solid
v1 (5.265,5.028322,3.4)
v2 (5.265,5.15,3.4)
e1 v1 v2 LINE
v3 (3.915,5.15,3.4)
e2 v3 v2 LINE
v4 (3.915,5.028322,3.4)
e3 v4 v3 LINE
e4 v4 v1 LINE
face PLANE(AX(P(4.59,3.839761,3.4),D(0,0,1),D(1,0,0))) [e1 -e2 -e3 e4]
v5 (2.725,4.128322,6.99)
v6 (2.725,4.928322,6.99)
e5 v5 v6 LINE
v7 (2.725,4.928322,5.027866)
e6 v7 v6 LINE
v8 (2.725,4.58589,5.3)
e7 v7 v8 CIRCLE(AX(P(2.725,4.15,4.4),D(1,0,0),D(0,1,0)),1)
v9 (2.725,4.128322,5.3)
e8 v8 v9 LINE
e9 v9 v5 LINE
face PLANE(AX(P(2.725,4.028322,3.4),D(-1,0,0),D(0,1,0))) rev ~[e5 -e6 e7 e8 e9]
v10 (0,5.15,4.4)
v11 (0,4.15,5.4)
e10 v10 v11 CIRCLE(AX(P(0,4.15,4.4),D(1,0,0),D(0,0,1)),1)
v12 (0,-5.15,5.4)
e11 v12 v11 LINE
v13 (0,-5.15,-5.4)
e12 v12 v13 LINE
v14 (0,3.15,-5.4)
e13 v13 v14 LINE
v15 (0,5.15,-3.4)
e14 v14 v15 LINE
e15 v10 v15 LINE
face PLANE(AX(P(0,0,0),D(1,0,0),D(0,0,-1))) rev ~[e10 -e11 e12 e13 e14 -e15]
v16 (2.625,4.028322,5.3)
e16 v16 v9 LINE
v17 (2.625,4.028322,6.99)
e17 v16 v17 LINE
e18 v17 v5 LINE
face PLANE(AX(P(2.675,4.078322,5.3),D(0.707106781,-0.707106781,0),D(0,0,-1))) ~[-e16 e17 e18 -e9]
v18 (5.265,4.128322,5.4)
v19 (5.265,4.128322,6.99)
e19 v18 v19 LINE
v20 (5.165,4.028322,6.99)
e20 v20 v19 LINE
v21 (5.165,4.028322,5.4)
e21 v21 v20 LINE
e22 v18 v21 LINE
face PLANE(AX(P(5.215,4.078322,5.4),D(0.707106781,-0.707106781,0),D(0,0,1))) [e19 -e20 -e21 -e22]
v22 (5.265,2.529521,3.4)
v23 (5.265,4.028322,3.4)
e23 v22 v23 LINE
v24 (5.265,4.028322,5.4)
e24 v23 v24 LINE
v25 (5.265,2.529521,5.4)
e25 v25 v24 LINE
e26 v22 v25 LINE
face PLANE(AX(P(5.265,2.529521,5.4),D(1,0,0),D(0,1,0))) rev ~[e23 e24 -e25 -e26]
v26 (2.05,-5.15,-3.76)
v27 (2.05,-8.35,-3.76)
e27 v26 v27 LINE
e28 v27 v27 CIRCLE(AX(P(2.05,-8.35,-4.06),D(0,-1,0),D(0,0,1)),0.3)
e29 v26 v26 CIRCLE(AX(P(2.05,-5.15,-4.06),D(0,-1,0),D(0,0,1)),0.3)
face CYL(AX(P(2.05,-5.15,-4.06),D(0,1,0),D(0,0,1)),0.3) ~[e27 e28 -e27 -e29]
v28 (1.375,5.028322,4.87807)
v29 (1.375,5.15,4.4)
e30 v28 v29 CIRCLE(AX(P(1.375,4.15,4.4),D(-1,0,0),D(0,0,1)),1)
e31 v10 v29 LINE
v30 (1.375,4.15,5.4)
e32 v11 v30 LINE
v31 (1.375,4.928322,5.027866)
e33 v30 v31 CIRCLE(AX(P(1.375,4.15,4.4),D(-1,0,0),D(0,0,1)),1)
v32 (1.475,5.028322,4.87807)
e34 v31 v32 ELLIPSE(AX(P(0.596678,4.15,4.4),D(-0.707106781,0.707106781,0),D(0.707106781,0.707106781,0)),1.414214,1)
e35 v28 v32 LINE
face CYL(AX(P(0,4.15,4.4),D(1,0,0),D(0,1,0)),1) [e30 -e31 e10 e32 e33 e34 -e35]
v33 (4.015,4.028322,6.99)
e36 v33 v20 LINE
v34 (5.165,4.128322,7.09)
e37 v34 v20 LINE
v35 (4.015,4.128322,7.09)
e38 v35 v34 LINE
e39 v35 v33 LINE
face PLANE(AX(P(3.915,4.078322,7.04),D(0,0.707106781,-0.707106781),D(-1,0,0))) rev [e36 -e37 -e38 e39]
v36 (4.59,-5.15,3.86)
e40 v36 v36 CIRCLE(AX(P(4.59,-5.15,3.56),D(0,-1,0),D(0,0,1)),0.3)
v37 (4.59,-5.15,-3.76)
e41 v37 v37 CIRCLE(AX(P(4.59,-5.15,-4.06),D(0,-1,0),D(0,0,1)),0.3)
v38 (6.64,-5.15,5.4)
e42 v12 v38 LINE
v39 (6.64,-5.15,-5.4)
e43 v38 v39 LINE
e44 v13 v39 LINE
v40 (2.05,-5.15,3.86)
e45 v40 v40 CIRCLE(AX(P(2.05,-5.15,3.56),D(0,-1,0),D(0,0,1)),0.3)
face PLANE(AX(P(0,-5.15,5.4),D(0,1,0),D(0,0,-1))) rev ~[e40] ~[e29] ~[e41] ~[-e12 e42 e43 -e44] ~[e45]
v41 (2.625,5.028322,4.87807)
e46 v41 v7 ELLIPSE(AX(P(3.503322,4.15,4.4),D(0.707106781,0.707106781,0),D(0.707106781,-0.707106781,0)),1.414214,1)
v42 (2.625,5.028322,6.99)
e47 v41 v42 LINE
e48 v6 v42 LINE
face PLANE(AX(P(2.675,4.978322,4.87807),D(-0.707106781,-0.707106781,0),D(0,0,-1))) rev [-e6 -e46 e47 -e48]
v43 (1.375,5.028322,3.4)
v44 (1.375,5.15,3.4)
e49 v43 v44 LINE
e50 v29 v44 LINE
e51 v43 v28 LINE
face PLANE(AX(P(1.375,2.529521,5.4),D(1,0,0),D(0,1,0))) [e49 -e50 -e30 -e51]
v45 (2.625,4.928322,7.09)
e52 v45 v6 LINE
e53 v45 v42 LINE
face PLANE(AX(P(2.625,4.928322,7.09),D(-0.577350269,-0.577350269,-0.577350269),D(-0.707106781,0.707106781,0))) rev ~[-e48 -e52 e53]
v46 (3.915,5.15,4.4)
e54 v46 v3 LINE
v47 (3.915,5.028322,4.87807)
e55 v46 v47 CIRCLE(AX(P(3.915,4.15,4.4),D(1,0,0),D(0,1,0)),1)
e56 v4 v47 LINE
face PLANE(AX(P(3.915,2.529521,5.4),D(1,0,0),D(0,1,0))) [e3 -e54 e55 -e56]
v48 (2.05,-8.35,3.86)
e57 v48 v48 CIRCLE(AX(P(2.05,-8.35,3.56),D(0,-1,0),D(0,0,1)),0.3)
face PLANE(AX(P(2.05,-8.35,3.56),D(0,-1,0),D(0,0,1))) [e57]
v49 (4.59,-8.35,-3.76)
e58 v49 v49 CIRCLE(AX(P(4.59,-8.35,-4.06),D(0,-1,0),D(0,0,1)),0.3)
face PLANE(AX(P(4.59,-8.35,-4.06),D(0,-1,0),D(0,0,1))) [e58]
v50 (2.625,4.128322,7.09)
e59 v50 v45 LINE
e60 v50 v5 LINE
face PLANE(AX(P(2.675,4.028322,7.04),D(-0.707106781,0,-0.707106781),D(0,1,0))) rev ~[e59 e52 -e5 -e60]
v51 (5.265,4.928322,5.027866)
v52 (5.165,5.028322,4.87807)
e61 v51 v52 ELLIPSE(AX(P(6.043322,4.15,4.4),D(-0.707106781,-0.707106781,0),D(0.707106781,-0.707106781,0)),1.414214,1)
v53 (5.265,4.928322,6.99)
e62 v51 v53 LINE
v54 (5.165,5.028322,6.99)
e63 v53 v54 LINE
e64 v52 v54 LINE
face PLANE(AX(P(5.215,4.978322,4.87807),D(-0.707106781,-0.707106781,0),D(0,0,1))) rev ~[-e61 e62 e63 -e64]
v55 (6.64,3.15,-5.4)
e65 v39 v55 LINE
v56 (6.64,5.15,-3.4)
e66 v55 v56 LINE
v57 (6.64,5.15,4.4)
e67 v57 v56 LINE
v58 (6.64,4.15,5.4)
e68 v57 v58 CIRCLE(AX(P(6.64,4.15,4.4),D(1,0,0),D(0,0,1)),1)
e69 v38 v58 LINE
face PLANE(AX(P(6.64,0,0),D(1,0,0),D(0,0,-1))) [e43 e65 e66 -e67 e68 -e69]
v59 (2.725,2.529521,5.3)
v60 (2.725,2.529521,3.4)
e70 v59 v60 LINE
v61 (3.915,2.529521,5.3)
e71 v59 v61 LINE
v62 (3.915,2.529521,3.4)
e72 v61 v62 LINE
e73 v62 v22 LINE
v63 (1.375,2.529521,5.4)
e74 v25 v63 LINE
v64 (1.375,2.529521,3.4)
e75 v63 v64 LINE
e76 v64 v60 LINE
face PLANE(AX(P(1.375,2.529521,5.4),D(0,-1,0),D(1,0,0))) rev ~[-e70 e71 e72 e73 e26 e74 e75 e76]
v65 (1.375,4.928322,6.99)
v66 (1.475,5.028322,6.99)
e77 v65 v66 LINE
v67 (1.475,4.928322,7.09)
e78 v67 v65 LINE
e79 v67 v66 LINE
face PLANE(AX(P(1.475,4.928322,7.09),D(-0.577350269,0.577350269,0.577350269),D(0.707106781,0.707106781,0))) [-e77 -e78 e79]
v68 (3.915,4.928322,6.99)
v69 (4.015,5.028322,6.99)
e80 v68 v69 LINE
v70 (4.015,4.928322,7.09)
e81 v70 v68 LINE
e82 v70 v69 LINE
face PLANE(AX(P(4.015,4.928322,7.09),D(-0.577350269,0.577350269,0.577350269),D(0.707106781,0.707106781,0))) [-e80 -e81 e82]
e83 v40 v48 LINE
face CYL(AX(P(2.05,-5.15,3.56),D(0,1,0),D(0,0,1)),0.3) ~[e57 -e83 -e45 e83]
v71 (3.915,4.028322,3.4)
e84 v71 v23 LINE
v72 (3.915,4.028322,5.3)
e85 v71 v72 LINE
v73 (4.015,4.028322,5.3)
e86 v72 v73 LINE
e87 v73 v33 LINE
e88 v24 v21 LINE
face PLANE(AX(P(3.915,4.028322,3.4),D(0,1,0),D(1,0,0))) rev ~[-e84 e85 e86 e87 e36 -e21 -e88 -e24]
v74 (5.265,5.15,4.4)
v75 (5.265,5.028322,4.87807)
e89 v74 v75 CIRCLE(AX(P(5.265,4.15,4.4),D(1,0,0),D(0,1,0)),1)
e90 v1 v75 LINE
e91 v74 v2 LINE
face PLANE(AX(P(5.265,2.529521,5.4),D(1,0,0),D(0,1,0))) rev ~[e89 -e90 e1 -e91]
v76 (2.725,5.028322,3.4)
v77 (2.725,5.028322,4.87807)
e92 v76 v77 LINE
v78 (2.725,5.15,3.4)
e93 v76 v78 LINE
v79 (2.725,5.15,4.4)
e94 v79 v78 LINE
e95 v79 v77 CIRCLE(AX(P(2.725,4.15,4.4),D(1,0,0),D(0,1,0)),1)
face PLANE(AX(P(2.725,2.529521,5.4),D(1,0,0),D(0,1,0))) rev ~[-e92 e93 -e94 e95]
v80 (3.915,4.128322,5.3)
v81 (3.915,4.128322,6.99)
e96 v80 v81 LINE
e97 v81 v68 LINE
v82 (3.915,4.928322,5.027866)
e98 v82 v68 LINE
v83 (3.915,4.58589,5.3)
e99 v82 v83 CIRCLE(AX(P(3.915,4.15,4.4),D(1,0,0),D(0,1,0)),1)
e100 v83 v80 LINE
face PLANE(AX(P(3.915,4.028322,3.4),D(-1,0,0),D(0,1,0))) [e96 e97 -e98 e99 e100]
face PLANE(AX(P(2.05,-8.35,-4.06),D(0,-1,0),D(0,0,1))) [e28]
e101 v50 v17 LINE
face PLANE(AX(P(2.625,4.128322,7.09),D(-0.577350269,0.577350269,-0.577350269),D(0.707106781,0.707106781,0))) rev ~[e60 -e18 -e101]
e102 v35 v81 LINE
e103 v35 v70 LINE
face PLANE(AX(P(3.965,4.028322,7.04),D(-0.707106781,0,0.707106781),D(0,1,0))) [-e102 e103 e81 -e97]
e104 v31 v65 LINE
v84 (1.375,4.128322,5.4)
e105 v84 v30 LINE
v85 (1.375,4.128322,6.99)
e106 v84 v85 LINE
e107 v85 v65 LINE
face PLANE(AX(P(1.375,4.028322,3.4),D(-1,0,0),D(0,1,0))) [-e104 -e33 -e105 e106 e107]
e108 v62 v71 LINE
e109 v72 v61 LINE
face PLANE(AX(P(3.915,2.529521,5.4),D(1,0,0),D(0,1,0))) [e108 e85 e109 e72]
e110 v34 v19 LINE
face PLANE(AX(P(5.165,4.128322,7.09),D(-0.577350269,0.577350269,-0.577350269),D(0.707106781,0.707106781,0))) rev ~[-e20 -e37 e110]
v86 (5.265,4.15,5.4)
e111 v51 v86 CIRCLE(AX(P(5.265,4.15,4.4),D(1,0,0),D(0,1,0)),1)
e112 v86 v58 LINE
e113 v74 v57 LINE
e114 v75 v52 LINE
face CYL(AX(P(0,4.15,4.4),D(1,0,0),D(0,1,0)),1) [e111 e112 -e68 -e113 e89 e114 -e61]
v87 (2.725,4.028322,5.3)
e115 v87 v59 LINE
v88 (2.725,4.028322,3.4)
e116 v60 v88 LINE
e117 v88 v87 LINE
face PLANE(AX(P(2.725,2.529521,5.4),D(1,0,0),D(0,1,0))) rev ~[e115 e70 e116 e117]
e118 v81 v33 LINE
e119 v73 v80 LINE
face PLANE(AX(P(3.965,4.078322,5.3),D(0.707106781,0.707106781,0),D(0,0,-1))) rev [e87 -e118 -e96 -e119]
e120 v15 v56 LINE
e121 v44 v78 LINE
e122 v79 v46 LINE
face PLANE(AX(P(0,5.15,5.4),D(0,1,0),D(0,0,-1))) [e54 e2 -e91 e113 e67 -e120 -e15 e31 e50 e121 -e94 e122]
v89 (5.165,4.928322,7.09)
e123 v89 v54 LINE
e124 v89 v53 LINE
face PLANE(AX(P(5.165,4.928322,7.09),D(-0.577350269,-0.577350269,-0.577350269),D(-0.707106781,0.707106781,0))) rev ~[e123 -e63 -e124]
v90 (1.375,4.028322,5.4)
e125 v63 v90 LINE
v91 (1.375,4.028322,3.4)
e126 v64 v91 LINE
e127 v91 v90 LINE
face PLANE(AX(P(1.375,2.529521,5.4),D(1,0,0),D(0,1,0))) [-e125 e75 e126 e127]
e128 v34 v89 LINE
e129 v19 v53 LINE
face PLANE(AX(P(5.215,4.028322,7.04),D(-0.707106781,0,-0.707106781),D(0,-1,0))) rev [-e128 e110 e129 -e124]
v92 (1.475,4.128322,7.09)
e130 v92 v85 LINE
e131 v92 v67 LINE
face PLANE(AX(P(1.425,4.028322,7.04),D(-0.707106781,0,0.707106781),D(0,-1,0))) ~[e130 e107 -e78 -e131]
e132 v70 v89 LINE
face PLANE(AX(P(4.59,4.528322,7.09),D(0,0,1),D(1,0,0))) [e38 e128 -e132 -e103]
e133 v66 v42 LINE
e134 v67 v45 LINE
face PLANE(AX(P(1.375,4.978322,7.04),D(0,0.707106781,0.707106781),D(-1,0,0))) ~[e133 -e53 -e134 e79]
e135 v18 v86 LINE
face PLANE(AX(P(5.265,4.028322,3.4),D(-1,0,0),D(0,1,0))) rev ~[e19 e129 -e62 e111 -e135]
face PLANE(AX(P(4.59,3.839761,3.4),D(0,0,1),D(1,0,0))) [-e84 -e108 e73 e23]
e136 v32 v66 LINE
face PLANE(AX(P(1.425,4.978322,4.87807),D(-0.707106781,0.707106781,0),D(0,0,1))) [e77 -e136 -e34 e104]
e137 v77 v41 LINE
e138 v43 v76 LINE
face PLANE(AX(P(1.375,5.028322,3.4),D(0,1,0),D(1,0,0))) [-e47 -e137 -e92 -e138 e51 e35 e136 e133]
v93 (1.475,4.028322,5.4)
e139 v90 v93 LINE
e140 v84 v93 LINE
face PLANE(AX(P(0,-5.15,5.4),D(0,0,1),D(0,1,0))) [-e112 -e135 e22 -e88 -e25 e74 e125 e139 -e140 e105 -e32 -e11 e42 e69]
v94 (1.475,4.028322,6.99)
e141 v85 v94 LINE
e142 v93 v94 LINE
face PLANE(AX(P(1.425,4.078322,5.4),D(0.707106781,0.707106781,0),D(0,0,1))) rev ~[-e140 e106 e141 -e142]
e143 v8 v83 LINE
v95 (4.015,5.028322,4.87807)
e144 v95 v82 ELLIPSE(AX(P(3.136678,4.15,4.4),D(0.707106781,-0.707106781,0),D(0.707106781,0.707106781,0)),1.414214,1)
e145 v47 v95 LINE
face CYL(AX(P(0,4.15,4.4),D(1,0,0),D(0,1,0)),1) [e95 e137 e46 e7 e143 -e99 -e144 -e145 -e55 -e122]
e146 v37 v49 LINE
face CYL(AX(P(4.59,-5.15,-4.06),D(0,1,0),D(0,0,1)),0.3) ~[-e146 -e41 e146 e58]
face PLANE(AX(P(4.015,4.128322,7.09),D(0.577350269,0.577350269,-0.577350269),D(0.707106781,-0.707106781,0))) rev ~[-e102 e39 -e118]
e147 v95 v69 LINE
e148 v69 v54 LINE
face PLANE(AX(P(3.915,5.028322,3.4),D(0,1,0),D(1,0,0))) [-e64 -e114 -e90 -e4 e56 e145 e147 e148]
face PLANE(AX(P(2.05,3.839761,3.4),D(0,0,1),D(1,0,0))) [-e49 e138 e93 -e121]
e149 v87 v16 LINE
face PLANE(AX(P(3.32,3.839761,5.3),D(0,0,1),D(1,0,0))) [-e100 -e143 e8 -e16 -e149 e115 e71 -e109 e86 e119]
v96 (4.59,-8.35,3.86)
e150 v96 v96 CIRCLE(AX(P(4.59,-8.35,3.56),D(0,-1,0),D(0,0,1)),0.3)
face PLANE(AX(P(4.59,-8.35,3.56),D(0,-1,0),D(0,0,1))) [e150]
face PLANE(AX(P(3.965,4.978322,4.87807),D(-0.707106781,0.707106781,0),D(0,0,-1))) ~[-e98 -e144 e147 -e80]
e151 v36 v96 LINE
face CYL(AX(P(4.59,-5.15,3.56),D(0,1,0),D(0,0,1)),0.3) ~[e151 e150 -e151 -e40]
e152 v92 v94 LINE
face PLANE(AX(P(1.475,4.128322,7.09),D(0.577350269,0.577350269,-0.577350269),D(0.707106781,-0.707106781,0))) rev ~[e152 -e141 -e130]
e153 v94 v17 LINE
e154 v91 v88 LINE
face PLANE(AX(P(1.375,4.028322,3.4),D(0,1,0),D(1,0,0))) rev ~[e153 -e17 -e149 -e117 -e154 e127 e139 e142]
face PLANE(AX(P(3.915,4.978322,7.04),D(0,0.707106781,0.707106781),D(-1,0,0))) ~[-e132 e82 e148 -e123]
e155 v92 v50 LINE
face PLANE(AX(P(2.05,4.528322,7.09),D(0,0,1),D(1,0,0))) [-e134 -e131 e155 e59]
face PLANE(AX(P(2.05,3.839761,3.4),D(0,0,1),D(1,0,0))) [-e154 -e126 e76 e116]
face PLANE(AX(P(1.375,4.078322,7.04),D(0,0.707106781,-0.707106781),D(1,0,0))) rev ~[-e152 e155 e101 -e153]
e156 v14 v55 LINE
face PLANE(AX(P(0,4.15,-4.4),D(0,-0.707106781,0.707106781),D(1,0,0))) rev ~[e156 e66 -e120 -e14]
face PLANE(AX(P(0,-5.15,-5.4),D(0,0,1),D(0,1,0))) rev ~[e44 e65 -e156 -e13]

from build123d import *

# Parameters (mm, degrees)
SKETCH_1_W          = 10.8
SKETCH_1_H          = 10.3
EXTRUDE_1_DEPTH     = 6.64
CHAMFER_1_SIZE      = 2
SKETCH_2_R          = 0.3
EXTRUDE_2_DEPTH     = 3.2
FILLET_1_R          = 1
SKETCH_3_W          = 1.35
SKETCH_3_H          = 2.620478626
CUT_EXTRUDE_1_DEPTH = 2
SKETCH_4_W          = 3.89
SKETCH_4_H          = 2.620478626
CUT_EXTRUDE_2_DEPTH = 0.1
SKETCH_5_W          = 1.35
SKETCH_5_H          = 1
EXTRUDE_3_DEPTH     = 3.69
CHAMFER_2_SIZE      = 0.1


with BuildPart() as part:
    # Эскиз1 → Вытянуть1 (new body)
    with BuildSketch(Plane(origin=(0, 0, 0), x_dir=(0, 0, -1), z_dir=(1, 0, 0))):
        Rectangle(SKETCH_1_W, SKETCH_1_H)
    extrude(amount=EXTRUDE_1_DEPTH)

    # Фаска1
    chamfer_1_edges = [part.edges().sort_by_distance(p)[0] for p in [
        (3.32, 5.15, -5.4),
    ]]
    chamfer(chamfer_1_edges, length=CHAMFER_1_SIZE)

    # Эскиз2 → Вытянуть2 (add)
    with BuildSketch(Plane.XZ.offset(5.15)):
        with Locations(Location((2.05, 3.56, 0), (0, 0, 90))):
            Circle(SKETCH_2_R)
        with Locations(Location((4.59, 3.56, 0), (0, 0, 90))):
            Circle(SKETCH_2_R)
        with Locations(Location((2.05, -4.06, 0), (0, 0, 90))):
            Circle(SKETCH_2_R)
        with Locations(Location((4.59, -4.06, 0), (0, 0, 90))):
            Circle(SKETCH_2_R)
    extrude(amount=EXTRUDE_2_DEPTH)

    # Скругление1
    fillet_1_edges = [part.edges().sort_by_distance(p)[0] for p in [
        (3.32, 5.15, 5.4),
    ]]
    fillet(fillet_1_edges, radius=FILLET_1_R)

    # Эскиз3 → Вырез-Вытянуть1 (cut)
    with BuildSketch(Plane.XY.offset(5.4)):
        with Locations((2.05, 3.839760687)):
            Rectangle(SKETCH_3_W, SKETCH_3_H)
        with Locations((4.59, 3.839760687)):
            Rectangle(SKETCH_3_W, SKETCH_3_H)
    extrude(amount=-CUT_EXTRUDE_1_DEPTH, mode=Mode.SUBTRACT)

    # Эскиз4 → Вырез-Вытянуть2 (cut)
    with BuildSketch(Plane.XY.offset(5.4)):
        with Locations((3.32, 3.839760687)):
            Rectangle(SKETCH_4_W, SKETCH_4_H)
    extrude(amount=-CUT_EXTRUDE_2_DEPTH, mode=Mode.SUBTRACT)

    # Эскиз5 → Вытянуть3 (add)
    with BuildSketch(Plane.XY.offset(3.4)):
        with Locations((2.05, 4.528321525)):
            Rectangle(SKETCH_5_W, SKETCH_5_H)
        with Locations((4.59, 4.528321525)):
            Rectangle(SKETCH_5_W, SKETCH_5_H)
    extrude(amount=EXTRUDE_3_DEPTH)

    # Фаска2
    chamfer_2_edges = [part.edges().sort_by_distance(p)[0] for p in [
        (1.375, 5.028321525, 5.984035196),
        (1.375, 4.028321525, 6.245),
        (2.725, 4.028321525, 6.195),
        (2.725, 5.028321525, 5.984035196),
        (1.375, 4.528321525, 7.09),
        (2.05, 4.028321525, 7.09),
        (2.725, 4.528321525, 7.09),
        (2.05, 5.028321525, 7.09),
        (5.265, 4.028321525, 6.245),
        (3.915, 5.028321525, 5.984035196),
        (3.915, 4.028321525, 6.195),
        (5.265, 5.028321525, 5.984035196),
        (3.915, 4.528321525, 7.09),
        (4.59, 4.028321525, 7.09),
        (5.265, 4.528321525, 7.09),
        (4.59, 5.028321525, 7.09),
    ]]
    chamfer(chamfer_2_edges, length=CHAMFER_2_SIZE)


solid = part.part
